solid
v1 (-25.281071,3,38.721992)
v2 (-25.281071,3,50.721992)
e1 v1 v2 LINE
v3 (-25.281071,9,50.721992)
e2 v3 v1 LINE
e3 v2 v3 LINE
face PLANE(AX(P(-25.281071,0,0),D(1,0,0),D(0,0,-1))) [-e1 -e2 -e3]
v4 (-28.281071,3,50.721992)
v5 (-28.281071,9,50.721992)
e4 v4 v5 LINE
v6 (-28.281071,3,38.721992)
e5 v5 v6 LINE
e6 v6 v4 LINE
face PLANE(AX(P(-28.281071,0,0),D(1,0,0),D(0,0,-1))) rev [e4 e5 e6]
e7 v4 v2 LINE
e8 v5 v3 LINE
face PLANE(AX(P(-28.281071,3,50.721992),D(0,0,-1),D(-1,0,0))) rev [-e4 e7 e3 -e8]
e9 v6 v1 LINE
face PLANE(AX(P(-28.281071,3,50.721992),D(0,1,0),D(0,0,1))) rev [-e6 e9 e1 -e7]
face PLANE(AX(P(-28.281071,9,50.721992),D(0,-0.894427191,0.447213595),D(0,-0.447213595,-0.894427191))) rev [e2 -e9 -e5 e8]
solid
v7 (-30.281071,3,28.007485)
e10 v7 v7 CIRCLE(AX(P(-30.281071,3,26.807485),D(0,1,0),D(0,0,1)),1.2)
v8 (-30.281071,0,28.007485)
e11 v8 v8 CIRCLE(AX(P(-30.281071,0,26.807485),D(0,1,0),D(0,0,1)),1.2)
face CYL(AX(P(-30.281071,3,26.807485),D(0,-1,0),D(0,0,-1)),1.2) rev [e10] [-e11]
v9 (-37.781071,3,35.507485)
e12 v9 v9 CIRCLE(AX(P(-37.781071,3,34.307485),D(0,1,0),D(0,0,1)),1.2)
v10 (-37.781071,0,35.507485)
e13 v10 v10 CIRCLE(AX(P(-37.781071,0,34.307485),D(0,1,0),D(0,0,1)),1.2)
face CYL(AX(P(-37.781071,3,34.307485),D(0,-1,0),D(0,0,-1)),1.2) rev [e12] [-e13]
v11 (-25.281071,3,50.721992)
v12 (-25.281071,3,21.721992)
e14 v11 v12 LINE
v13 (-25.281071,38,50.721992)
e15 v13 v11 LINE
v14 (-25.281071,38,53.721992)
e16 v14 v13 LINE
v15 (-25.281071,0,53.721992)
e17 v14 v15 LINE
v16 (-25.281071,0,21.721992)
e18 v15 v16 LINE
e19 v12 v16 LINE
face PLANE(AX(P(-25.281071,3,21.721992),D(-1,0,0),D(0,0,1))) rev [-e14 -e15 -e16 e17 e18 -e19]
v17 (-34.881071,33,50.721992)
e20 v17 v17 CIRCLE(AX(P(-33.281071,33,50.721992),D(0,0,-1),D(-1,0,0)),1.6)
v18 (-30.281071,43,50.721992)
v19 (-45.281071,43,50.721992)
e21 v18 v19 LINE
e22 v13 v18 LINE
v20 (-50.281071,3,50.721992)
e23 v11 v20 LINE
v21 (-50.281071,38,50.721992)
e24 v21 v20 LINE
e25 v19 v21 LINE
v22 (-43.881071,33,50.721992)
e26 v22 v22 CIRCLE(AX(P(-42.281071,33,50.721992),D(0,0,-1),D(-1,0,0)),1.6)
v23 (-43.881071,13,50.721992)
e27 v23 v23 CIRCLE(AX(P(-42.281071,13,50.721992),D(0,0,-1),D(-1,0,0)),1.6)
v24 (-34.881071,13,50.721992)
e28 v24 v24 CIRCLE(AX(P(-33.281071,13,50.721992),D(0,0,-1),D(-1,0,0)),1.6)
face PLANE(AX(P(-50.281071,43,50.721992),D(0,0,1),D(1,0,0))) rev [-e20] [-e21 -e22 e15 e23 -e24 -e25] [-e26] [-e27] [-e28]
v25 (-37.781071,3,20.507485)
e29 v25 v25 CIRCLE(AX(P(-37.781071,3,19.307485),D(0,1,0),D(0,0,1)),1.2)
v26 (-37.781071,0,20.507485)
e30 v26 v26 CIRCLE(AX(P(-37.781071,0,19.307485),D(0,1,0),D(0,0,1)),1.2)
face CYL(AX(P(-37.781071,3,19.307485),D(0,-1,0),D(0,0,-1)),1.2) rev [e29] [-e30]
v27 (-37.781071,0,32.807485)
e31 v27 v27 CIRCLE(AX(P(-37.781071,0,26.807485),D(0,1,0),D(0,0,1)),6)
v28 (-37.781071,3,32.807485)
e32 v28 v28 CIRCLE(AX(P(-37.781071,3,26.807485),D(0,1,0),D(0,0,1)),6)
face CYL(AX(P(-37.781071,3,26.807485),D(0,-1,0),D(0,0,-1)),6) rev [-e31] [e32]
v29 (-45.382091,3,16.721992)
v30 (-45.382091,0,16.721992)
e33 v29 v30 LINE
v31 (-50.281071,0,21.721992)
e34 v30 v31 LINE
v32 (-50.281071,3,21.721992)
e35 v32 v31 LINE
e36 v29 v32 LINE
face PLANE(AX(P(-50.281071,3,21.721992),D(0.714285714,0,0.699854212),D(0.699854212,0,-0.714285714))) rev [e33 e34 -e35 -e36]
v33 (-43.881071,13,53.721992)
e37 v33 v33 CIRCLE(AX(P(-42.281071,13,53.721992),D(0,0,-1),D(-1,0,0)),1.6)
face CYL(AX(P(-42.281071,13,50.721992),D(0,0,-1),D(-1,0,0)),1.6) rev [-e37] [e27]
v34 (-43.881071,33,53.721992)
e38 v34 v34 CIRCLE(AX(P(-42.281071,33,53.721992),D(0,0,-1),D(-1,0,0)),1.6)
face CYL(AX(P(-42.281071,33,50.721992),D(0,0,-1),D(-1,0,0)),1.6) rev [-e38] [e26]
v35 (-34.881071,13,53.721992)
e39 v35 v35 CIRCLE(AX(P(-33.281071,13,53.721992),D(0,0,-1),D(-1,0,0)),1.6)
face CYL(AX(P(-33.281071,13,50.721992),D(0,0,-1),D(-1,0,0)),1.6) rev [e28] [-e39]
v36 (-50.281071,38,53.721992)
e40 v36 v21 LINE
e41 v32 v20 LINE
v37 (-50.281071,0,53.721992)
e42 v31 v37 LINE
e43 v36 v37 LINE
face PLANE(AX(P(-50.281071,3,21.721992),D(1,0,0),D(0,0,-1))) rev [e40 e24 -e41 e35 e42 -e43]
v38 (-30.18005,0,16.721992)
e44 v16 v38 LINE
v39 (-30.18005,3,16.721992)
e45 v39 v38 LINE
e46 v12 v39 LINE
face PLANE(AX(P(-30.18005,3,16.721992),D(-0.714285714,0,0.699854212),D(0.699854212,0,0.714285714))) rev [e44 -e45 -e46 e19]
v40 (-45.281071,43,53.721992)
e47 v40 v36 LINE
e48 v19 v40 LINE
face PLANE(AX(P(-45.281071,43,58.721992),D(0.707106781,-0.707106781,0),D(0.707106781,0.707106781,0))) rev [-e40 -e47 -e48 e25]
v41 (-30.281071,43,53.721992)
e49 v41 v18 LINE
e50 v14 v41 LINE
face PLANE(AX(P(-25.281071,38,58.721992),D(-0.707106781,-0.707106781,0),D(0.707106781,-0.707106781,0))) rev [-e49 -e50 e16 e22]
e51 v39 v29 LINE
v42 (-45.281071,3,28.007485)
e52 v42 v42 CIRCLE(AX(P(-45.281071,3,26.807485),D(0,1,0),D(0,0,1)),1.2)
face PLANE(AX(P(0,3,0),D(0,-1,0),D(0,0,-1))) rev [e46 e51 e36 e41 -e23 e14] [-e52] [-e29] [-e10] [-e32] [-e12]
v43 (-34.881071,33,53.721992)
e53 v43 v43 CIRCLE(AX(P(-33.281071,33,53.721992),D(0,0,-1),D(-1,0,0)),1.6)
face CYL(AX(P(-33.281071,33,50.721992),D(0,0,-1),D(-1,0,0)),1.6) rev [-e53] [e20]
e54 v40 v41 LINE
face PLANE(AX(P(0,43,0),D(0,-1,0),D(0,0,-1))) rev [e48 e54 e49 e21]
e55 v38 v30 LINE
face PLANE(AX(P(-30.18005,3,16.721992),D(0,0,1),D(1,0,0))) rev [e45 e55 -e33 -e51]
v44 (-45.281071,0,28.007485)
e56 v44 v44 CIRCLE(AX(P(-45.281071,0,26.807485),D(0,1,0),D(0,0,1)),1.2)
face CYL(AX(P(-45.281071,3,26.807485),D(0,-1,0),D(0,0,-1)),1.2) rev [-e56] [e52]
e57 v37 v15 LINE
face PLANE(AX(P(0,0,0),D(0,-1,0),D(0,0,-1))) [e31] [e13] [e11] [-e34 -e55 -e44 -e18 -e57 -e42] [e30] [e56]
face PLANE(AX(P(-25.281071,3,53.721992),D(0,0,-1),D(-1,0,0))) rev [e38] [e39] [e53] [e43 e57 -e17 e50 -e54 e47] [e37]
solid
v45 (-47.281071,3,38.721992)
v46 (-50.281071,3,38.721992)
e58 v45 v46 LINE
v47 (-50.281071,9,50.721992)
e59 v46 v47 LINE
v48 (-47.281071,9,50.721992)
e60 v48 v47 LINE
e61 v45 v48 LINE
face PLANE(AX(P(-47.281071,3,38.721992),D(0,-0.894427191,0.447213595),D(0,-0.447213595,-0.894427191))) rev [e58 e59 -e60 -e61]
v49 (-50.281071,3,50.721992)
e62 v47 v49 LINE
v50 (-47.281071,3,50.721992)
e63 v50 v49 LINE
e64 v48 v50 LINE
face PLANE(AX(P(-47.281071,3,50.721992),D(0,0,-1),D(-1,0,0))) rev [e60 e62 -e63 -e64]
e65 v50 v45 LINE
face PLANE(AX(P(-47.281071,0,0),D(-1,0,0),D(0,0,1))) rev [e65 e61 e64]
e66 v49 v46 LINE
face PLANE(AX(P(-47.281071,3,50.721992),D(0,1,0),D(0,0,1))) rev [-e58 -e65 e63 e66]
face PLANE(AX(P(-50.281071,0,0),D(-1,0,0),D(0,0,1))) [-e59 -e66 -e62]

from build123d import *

# Parameters (mm, degrees)
SKETCH2_R                      = 6
SKETCH2_R_2                    = 1.2
BOSS_EXTRUDE1_DEPTH            = 3
SKETCH4_W                      = 25
SKETCH4_H                      = 3
BOSS_EXTRUDE2_DEPTH            = 40
CUT_EXTRUDE1_DEPTH             = 8
F_3_2_3_2_DIAMETER_HOLE1_D     = 3.2
F_3_2_3_2_DIAMETER_HOLE1_DEPTH = 3.2
F_3_2_3_2_DIAMETER_HOLE1_TIP   = 0.96137699
GUSSET1_THICKNESS              = 3
GUSSET2_THICKNESS              = 3


with BuildPart() as part:
    # Sketch2 → Boss-Extrude1 (new body)
    with BuildSketch(Plane(origin=(0, 0, 0), x_dir=(1, 0, 0), z_dir=(0, 1, 0))):
        Polygon((-25.281070854, -53.721991781), (-50.281070854, -53.721991781), (-50.281070854, -21.721991781), (-45.382091368, -16.721991781), (-30.180050339, -16.721991781), (-25.281070854, -21.721991781), align=None)
        with Locations(Location((-37.781070854, -26.807484951, 0), (0, 0, 270))):
            Circle(SKETCH2_R, mode=Mode.SUBTRACT)
        with Locations(Location((-37.781070854, -19.307484951, 0), (0, 0, 270))):
            Circle(SKETCH2_R_2, mode=Mode.SUBTRACT)
        with Locations(Location((-45.281070854, -26.807484951, 0), (0, 0, 270))):
            Circle(SKETCH2_R_2, mode=Mode.SUBTRACT)
        with Locations(Location((-37.781070854, -34.307484951, 0), (0, 0, 270))):
            Circle(SKETCH2_R_2, mode=Mode.SUBTRACT)
        with Locations(Location((-30.281070854, -26.807484951, 0), (0, 0, 270))):
            Circle(SKETCH2_R_2, mode=Mode.SUBTRACT)
    extrude(amount=BOSS_EXTRUDE1_DEPTH)

    # Sketch4 → Boss-Extrude2 (add)
    with BuildSketch(Plane(origin=(0, 3, 0), x_dir=(1, 0, 0), z_dir=(0, 1, 0))):
        with Locations((-37.781070854, -52.221991781)):
            Rectangle(SKETCH4_W, SKETCH4_H)
    extrude(amount=BOSS_EXTRUDE2_DEPTH)

    # Sketch5 → Cut-Extrude1 (cut)
    with BuildSketch(Plane(origin=(0, 0, 50.721991781), x_dir=(-1, 0, 0), z_dir=(0, 0, -1))):
        Polygon((25.281070854, 43), (25.281070854, 38), (30.281070854, 43), align=None)
        Polygon((50.281070854, 43), (45.281070854, 43), (50.281070854, 38), align=None)
    extrude(amount=-CUT_EXTRUDE1_DEPTH, mode=Mode.SUBTRACT)

    # Ø3.2 (3.2) Diameter Hole1
    with Locations(Plane(origin=(0, 0, 50.721991781), x_dir=(-1, 0, 0), z_dir=(0, 0, -1))):
        with Locations((33.281070854, 33), (42.281070854, 33), (42.281070854, 13), (33.281070854, 13)):
            Hole(F_3_2_3_2_DIAMETER_HOLE1_D / 2, depth=F_3_2_3_2_DIAMETER_HOLE1_DEPTH)
            with Locations((0, 0, -(F_3_2_3_2_DIAMETER_HOLE1_DEPTH + F_3_2_3_2_DIAMETER_HOLE1_TIP / 2))):  # 118° drill point
                Cone(0, F_3_2_3_2_DIAMETER_HOLE1_D / 2, F_3_2_3_2_DIAMETER_HOLE1_TIP, mode=Mode.SUBTRACT)


with BuildPart() as body_2:
    # Gusset1: a gusset: a plate 3.0 thick in the corner of two members, its outline drawn in place
    gusset1_outline = Wire([Line((-47.281070854, 3, 50.721991781), (-47.281070854, 3, 38.721991781)), Line((-47.281070854, 3, 38.721991781), (-47.281070854, 9, 50.721991781)), Line((-47.281070854, 9, 50.721991781), (-47.281070854, 3, 50.721991781))])
    add(extrude(Face(gusset1_outline), amount=GUSSET1_THICKNESS, dir=(-1, 0, 0)))


with BuildPart() as body_3:
    # Gusset2: a gusset: a plate 3.0 thick in the corner of two members, its outline drawn in place
    gusset2_outline = Wire([Line((-28.281070854, 3, 50.721991781), (-28.281070854, 9, 50.721991781)), Line((-28.281070854, 9, 50.721991781), (-28.281070854, 3, 38.721991781)), Line((-28.281070854, 3, 38.721991781), (-28.281070854, 3, 50.721991781))])
    add(extrude(Face(gusset2_outline), amount=GUSSET2_THICKNESS, dir=(1, 0, 0)))


solid = Compound([part.part, body_2.part, body_3.part])
